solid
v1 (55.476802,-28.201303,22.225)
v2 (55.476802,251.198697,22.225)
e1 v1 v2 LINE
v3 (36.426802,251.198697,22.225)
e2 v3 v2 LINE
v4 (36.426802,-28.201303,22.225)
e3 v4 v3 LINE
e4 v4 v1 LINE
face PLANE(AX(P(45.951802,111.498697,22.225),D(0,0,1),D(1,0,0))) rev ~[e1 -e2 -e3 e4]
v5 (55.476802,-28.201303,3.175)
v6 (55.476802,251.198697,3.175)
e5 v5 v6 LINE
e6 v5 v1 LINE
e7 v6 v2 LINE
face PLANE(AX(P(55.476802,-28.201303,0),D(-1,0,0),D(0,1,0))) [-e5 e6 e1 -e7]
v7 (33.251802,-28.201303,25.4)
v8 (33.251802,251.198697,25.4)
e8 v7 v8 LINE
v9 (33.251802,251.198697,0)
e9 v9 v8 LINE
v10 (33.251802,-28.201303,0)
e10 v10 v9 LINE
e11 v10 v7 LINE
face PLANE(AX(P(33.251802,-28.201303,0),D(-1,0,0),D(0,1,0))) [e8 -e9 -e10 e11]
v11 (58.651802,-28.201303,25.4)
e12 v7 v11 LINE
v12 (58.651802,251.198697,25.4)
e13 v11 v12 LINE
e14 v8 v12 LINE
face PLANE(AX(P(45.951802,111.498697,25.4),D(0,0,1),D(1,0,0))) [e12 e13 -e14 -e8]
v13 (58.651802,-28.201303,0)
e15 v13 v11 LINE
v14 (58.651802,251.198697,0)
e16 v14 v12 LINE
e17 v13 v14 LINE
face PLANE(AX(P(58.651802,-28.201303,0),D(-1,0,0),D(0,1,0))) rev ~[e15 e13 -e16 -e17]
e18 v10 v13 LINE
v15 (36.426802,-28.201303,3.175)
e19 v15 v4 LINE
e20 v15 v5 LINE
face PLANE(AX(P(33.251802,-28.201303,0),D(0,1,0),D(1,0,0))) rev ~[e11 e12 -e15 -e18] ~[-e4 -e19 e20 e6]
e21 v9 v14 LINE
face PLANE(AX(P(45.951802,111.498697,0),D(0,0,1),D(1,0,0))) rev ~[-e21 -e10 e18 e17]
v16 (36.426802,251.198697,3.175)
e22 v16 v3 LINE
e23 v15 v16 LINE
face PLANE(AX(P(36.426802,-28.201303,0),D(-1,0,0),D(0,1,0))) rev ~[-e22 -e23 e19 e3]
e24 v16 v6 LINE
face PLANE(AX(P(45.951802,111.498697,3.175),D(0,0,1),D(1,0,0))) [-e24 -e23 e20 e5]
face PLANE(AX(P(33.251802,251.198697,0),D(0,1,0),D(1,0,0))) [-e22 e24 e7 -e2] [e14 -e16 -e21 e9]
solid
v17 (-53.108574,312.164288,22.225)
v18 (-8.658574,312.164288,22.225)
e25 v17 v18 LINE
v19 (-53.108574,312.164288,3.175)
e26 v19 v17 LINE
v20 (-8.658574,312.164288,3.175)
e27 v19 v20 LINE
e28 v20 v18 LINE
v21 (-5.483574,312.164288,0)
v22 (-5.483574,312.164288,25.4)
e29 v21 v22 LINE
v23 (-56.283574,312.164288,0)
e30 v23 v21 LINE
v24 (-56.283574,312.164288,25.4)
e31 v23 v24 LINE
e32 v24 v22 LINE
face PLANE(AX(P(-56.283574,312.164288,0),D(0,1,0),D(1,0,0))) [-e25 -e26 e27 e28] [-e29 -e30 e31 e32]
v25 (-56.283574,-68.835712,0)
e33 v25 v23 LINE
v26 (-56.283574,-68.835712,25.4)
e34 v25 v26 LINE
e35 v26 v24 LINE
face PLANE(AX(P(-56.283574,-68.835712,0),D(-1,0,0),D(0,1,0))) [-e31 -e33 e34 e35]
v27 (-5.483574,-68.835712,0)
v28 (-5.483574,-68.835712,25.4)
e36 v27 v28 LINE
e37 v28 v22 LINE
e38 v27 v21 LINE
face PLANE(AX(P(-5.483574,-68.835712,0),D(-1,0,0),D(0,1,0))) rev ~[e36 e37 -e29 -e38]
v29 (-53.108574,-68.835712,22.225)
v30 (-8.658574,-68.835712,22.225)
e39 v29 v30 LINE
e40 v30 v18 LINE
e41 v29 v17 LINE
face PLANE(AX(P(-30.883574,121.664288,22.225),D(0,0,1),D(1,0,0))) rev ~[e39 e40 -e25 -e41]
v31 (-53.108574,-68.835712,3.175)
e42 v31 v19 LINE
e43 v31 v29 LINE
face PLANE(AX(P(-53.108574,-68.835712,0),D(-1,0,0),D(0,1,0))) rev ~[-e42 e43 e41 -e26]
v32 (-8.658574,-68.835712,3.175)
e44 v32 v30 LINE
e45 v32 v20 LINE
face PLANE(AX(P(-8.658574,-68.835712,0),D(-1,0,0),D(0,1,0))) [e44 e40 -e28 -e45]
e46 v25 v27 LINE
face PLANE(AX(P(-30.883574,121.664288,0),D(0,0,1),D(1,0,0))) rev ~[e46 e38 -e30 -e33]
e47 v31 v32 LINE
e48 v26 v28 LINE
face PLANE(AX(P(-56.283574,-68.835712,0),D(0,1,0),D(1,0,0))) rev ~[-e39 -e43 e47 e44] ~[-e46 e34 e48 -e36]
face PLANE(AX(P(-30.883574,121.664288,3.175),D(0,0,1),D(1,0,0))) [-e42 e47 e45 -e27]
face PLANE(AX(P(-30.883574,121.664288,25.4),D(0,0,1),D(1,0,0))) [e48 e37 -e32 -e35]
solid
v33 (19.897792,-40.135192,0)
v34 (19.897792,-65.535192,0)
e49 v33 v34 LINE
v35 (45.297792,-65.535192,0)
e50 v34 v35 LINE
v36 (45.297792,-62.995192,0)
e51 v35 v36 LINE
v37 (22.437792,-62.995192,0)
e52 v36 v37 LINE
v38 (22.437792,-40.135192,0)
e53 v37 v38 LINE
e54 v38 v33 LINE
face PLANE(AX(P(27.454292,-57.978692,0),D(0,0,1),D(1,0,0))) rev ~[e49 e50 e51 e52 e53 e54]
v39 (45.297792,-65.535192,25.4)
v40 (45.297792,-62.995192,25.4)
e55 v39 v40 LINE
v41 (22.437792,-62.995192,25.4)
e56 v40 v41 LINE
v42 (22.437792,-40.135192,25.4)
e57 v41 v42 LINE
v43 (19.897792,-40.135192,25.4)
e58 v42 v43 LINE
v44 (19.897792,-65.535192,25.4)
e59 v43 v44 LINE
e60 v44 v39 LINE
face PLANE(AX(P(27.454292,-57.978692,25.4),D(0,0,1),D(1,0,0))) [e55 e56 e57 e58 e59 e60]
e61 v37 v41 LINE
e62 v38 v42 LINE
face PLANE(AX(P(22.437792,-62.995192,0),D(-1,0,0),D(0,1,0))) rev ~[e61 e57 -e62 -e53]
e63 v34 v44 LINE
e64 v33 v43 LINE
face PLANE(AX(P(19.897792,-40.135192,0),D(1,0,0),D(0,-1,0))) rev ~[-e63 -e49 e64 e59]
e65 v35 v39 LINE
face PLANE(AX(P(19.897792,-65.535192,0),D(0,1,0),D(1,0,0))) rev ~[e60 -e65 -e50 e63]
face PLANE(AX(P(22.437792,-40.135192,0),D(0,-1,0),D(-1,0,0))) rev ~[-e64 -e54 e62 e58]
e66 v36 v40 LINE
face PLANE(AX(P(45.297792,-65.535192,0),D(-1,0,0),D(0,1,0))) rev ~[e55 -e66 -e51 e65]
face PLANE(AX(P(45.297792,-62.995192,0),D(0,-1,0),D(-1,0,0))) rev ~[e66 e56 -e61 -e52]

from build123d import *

# Parameters (mm, degrees)
F0_W     = 50.8
F0_H     = 381
F1_DEPTH = 25.4
F2_T     = -3.175
F3_W     = 25.4
F3_H     = 279.4
F4_DEPTH = 25.4
F5_T     = -3.175
F7_DEPTH = 25.4


with BuildPart() as f1:
    # F0 (on Top) → F1 (new body)
    with BuildSketch(Plane.XY):
        with Locations((-30.883574, 121.664288)):
            Rectangle(F0_W, F0_H)
    extrude(amount=F1_DEPTH)

    # F2
    f2_openings = [f1.faces().sort_by_distance(p)[0] for p in [
        (-30.883574, -68.835712, 12.7),
        (-30.883574, 312.164288, 12.7),
    ]]
    offset(amount=F2_T, openings=f2_openings)


with BuildPart() as f4:
    # F3 (on Top) → F4 (new body)
    with BuildSketch(Plane.XY):
        with Locations((45.951802, 111.498697)):
            Rectangle(F3_W, F3_H)
    extrude(amount=F4_DEPTH)

    # F5
    f5_openings = [f4.faces().sort_by_distance(p)[0] for p in [
        (45.951802, -28.201303, 12.7),
        (45.951802, 251.198697, 12.7),
    ]]
    offset(amount=F5_T, openings=f5_openings)


with BuildPart() as f7:
    # F6 (on Top) → F7 (new body)
    with BuildSketch(Plane.XY):
        Polygon((22.437792, -40.135192), (19.897792, -40.135192), (19.897792, -65.535192), (45.297792, -65.535192), (45.297792, -62.995192), (22.437792, -62.995192), align=None)
    extrude(amount=F7_DEPTH)


solid = Compound([f1.part, f4.part, f7.part])
